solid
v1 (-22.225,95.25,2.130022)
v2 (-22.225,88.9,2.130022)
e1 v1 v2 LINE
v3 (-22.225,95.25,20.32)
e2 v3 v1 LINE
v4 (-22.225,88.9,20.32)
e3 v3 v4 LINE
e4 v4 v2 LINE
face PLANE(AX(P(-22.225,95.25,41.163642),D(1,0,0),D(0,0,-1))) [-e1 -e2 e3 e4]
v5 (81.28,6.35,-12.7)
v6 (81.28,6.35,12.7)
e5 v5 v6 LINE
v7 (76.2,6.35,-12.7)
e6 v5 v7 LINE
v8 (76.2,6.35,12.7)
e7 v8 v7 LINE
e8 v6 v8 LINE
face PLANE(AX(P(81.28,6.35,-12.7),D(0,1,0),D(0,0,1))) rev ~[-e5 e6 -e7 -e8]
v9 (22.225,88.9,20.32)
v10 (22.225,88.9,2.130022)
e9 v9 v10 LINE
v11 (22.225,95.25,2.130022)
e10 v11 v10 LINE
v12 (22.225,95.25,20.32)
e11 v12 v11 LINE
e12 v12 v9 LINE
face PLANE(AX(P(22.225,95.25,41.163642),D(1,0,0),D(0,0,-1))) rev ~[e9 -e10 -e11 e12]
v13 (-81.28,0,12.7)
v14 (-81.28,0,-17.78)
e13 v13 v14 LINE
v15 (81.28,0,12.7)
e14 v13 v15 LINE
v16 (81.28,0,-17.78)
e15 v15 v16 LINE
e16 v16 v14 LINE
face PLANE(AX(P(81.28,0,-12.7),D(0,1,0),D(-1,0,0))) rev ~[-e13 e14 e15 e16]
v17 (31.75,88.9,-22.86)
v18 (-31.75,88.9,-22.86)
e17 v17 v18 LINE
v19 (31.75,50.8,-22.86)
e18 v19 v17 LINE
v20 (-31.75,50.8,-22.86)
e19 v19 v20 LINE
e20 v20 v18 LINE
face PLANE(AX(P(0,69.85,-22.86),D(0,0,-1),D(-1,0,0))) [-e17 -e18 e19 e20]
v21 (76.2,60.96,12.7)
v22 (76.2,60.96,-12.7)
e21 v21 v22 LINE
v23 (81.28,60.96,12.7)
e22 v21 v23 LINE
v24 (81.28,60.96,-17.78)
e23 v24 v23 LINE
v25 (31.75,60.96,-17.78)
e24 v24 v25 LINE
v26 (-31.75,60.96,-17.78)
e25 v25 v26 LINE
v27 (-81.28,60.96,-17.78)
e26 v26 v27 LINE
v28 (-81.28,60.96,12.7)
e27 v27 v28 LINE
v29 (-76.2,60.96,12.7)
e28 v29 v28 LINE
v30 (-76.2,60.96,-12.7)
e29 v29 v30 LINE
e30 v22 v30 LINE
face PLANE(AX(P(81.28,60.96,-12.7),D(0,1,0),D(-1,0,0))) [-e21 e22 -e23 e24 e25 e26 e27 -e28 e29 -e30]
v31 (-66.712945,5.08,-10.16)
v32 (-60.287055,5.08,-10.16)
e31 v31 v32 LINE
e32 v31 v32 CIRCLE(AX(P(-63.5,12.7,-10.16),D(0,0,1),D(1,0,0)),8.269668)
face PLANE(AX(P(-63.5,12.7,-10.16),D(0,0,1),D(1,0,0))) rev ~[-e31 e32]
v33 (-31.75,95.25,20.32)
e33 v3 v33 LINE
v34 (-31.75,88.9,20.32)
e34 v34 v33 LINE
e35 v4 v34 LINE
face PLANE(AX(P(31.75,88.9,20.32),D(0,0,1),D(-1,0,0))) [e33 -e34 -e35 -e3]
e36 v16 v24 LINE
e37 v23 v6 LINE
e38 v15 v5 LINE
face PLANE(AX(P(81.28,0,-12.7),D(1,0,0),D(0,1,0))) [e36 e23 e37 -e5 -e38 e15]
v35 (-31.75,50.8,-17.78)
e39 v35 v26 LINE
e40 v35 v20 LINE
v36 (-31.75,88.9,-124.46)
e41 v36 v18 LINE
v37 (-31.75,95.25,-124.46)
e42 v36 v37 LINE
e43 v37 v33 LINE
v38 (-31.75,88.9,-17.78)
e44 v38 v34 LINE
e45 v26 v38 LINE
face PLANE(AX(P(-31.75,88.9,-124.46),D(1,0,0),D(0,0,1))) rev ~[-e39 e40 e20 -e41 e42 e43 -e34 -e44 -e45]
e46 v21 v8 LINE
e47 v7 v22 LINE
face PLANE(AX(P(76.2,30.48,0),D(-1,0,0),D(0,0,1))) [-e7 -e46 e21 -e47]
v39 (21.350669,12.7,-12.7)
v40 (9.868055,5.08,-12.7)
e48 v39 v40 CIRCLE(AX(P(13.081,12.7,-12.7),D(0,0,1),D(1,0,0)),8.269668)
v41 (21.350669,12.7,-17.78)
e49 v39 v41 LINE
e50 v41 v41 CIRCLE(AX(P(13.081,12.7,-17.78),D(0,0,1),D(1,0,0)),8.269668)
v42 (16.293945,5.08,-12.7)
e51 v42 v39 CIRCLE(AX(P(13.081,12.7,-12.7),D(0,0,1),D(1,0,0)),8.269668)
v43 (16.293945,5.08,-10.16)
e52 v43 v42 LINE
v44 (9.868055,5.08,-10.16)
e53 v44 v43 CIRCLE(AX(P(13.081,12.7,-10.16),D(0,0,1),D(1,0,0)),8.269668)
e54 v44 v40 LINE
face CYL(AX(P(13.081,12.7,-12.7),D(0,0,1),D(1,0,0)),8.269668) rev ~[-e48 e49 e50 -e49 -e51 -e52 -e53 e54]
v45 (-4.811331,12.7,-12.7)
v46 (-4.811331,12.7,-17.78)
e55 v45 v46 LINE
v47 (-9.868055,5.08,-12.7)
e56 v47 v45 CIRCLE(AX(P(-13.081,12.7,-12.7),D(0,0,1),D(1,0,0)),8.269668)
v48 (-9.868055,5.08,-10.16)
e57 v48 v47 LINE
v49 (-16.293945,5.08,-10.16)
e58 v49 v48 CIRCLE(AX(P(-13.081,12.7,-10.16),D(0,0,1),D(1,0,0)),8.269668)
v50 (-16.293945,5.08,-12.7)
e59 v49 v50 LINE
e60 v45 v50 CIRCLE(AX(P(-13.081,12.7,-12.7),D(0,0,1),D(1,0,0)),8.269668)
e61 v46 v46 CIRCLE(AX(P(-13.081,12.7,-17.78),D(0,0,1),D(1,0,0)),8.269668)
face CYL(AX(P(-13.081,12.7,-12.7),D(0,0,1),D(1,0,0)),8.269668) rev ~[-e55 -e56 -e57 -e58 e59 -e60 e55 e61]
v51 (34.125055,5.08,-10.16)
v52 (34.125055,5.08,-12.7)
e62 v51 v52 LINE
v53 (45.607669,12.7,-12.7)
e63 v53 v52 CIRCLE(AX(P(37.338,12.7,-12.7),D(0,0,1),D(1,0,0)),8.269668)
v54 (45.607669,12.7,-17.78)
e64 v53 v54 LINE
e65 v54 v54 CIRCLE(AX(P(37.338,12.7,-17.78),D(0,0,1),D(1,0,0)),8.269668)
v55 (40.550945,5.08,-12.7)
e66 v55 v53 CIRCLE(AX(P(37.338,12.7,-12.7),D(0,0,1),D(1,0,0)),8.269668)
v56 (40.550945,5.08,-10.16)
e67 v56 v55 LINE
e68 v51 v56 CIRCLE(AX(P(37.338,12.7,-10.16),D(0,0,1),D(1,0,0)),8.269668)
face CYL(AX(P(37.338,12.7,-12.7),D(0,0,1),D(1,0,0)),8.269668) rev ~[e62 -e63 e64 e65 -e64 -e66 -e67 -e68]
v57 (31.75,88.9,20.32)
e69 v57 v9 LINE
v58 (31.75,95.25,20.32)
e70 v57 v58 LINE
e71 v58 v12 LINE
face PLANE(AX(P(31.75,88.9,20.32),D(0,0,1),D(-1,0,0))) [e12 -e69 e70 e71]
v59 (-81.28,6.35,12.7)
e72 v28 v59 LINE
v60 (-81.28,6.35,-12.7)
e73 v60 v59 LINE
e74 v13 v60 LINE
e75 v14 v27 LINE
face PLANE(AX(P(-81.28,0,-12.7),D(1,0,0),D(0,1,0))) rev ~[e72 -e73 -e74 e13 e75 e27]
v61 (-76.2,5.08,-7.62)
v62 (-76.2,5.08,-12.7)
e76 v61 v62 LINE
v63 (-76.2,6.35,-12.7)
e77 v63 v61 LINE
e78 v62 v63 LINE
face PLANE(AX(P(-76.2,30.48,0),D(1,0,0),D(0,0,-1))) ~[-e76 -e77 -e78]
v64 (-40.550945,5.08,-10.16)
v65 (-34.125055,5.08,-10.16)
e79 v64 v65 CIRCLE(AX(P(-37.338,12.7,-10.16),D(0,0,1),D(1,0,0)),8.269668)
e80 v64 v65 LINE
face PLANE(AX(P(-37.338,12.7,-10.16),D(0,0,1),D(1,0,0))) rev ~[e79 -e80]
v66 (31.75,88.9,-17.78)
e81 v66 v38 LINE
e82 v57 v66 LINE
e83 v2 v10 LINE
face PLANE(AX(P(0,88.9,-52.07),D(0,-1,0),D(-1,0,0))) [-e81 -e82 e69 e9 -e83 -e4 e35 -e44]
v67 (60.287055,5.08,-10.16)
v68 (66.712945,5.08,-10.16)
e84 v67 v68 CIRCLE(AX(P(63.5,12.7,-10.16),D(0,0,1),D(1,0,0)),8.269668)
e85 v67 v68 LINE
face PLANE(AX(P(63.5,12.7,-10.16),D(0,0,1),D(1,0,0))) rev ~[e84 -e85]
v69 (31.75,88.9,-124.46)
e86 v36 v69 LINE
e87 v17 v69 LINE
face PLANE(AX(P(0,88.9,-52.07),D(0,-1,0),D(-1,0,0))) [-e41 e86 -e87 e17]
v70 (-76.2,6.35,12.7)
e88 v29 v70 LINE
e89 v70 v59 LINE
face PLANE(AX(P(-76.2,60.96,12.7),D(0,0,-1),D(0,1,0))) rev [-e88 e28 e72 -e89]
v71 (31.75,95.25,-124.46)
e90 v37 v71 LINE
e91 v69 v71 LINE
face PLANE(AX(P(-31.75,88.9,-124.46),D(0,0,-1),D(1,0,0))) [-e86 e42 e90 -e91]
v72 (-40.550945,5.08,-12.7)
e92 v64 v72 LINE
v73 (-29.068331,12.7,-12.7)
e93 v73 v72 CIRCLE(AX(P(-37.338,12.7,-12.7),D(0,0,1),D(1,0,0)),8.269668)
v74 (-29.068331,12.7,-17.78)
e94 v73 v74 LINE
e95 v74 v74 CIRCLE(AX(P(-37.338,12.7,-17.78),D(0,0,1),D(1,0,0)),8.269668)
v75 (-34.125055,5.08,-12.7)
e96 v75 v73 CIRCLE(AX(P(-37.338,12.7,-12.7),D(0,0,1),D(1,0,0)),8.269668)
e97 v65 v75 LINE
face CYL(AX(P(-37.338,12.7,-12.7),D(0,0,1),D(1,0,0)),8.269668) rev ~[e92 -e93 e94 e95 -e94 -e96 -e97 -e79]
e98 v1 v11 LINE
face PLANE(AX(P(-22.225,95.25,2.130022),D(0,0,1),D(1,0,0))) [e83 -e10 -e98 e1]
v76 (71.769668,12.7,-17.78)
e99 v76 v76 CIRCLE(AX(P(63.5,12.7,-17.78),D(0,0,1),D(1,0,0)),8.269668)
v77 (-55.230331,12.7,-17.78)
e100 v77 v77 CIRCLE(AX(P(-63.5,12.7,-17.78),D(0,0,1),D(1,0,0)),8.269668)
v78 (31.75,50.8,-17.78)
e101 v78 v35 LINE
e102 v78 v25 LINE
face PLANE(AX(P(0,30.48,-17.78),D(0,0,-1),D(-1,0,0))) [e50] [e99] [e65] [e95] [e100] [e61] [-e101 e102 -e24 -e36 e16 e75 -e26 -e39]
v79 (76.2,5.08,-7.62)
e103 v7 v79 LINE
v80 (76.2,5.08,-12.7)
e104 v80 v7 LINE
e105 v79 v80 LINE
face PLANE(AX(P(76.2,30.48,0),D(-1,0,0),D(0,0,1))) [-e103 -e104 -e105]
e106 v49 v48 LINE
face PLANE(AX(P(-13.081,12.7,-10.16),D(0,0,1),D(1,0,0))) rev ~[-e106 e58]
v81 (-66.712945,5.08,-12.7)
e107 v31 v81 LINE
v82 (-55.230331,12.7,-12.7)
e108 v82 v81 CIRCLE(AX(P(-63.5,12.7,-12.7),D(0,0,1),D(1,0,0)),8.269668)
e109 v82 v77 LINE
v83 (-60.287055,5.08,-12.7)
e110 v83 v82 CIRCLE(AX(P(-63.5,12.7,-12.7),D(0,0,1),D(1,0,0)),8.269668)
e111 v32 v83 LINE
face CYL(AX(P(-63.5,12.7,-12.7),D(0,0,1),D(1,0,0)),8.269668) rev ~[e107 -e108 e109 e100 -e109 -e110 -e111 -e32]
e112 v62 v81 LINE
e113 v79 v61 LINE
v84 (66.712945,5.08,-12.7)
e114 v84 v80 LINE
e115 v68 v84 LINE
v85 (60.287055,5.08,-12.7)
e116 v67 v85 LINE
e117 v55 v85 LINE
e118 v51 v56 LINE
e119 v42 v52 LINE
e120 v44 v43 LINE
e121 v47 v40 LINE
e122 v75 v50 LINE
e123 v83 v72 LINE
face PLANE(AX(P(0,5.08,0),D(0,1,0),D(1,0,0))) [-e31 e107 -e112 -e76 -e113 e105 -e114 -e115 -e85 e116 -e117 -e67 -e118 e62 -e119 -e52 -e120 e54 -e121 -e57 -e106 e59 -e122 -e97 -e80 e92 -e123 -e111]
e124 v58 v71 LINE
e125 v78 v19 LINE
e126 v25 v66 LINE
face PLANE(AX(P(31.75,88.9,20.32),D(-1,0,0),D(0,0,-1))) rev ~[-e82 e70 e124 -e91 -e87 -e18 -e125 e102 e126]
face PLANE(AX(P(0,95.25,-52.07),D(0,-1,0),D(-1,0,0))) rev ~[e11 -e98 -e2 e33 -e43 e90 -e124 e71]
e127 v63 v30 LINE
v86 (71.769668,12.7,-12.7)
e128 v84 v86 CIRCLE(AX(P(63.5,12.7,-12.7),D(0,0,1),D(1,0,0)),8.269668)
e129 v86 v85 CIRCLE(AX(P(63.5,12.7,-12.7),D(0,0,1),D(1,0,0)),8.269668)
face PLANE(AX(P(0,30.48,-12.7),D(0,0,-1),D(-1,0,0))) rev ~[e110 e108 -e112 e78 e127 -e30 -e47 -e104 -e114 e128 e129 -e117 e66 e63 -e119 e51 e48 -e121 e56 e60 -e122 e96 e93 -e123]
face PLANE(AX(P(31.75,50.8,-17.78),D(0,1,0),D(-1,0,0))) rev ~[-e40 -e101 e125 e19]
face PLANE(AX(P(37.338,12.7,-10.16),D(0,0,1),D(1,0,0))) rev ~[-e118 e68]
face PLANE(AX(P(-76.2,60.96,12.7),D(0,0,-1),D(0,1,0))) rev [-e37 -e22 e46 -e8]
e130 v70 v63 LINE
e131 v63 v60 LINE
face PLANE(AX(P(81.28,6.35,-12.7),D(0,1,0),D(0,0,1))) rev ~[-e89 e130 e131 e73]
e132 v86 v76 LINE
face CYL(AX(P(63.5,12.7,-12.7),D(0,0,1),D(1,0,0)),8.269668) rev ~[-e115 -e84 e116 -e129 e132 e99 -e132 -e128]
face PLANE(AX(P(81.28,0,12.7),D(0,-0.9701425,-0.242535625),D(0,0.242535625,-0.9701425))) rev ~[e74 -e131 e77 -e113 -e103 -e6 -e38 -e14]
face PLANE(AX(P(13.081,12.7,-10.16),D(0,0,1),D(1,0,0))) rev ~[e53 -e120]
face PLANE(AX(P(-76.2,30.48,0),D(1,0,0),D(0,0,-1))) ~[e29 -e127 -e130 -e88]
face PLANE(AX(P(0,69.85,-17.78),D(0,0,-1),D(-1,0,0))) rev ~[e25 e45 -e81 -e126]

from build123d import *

# Parameters (mm, degrees)
SKETCH1_W               = 152.4
SKETCH1_H               = 25.4
BOSS_EXTRUDE1_DEPTH     = 5.08
BOSS_EXTRUDE2_DEPTH     = 5.08
SKETCH5_W               = 162.56
SKETCH5_H               = 60.96
BOSS_EXTRUDE3_DEPTH     = 5.08
CUT_EXTRUDE2_DEPTH      = 163.56
SKETCH7_W               = 63.5
SKETCH7_H               = 38.1
BOSS_EXTRUDE4_DEPTH     = 5.08
BOSS_EXTRUDE5_DEPTH     = 6.35
CUT_EXTRUDE3_REACH      = 97.25
SKETCH9_W               = 44.45
SKETCH9_H               = 39.033619981
SKETCH10_R              = 8.2696685
CUT_EXTRUDE4_DEPTH      = 2.54
CUT_EXTRUDE4_DEPTH_BACK = 112.76


with BuildPart() as part:
    # Sketch1 → Boss-Extrude1 (new body)
    with BuildSketch(Plane(origin=(0, 0, 0), x_dir=(1, 0, 0), z_dir=(0, 1, 0))):
        Rectangle(SKETCH1_W, SKETCH1_H)
    extrude(amount=BOSS_EXTRUDE1_DEPTH)

    # Sketch4 → Boss-Extrude2 (add)
    with BuildSketch(Plane(origin=(76.2, 0, 0), x_dir=(0, 0, -1), z_dir=(1, 0, 0))):
        Polygon((-12.7, 0), (-12.7, 5.08), (-12.7, 60.96), (12.7, 60.96), (12.7, 5.08), (12.7, 0), align=None)
    boss_extrude2 = extrude(amount=BOSS_EXTRUDE2_DEPTH)

    # Mirror1: Boss-Extrude2 across plane
    add(boss_extrude2.mirror(Plane(origin=(0, 0, 0), x_dir=(0, 0, 1), z_dir=(1, 0, 0))))

    # Sketch5 → Boss-Extrude3 (add)
    with BuildSketch(Plane(origin=(0, 0, -12.7), x_dir=(-1, 0, 0), z_dir=(0, 0, -1))):
        with Locations((0, 30.48)):
            Rectangle(SKETCH5_W, SKETCH5_H)
    extrude(amount=BOSS_EXTRUDE3_DEPTH)

    # Sketch6 → Cut-Extrude2 (cut, through all)
    with BuildSketch(Plane(origin=(81.28, 0, 0), x_dir=(0, 0, -1), z_dir=(1, 0, 0))):
        Polygon((-12.7, 0), (12.7, 6.35), (-12.7, 6.35), align=None)
    extrude(amount=-CUT_EXTRUDE2_DEPTH, mode=Mode.SUBTRACT)

    # Sketch7 → Boss-Extrude4 (add)
    with BuildSketch(Plane(origin=(0, 0, -17.78), x_dir=(-1, 0, 0), z_dir=(0, 0, -1))):
        with Locations((0, 69.85)):
            Rectangle(SKETCH7_W, SKETCH7_H)
    extrude(amount=BOSS_EXTRUDE4_DEPTH)

    # Sketch8 → Boss-Extrude5 (add)
    with BuildSketch(Plane(origin=(0, 88.9, 0), x_dir=(1, 0, 0), z_dir=(0, 1, 0))):
        Polygon((-31.75, 22.86), (-31.75, 124.46), (31.75, 124.46), (31.75, 22.86), (31.75, 17.78), (31.75, -20.32), (-31.75, -20.32), (-31.75, 17.78), align=None)
    extrude(amount=BOSS_EXTRUDE5_DEPTH)

    # Sketch9 → Cut-Extrude3 (cut, up to next)
    with BuildSketch(Plane(origin=(0, 95.25, 0), x_dir=(1, 0, 0), z_dir=(0, 1, 0)), mode=Mode.PRIVATE) as cut_extrude3_sk1:
        with Locations((0, -21.646832164)):
            Rectangle(SKETCH9_W, SKETCH9_H)
    cut_extrude3_tool1 = extrude(cut_extrude3_sk1.sketch, amount=-CUT_EXTRUDE3_REACH, mode=Mode.PRIVATE) & part.part
    add(cut_extrude3_tool1.solids().sort_by_distance((0, 95.25, 21.646832))[0], mode=Mode.SUBTRACT)

    # Sketch10 → Cut-Extrude4 (cut, two sides)
    with BuildSketch(Plane.XY.offset(-12.7)) as cut_extrude4_sk:
        with Locations((-13.081, 12.7)):
            Circle(SKETCH10_R)
        with Locations((13.081, 12.7)):
            Circle(SKETCH10_R)
        with Locations((37.338, 12.7)):
            Circle(SKETCH10_R)
        with Locations((63.5, 12.7)):
            Circle(SKETCH10_R)
        with Locations((-63.5, 12.7)):
            Circle(SKETCH10_R)
        with Locations((-37.338, 12.7)):
            Circle(SKETCH10_R)
    extrude(amount=CUT_EXTRUDE4_DEPTH, mode=Mode.SUBTRACT)
    extrude(cut_extrude4_sk.sketch, amount=-CUT_EXTRUDE4_DEPTH_BACK, mode=Mode.SUBTRACT)


solid = part.part
